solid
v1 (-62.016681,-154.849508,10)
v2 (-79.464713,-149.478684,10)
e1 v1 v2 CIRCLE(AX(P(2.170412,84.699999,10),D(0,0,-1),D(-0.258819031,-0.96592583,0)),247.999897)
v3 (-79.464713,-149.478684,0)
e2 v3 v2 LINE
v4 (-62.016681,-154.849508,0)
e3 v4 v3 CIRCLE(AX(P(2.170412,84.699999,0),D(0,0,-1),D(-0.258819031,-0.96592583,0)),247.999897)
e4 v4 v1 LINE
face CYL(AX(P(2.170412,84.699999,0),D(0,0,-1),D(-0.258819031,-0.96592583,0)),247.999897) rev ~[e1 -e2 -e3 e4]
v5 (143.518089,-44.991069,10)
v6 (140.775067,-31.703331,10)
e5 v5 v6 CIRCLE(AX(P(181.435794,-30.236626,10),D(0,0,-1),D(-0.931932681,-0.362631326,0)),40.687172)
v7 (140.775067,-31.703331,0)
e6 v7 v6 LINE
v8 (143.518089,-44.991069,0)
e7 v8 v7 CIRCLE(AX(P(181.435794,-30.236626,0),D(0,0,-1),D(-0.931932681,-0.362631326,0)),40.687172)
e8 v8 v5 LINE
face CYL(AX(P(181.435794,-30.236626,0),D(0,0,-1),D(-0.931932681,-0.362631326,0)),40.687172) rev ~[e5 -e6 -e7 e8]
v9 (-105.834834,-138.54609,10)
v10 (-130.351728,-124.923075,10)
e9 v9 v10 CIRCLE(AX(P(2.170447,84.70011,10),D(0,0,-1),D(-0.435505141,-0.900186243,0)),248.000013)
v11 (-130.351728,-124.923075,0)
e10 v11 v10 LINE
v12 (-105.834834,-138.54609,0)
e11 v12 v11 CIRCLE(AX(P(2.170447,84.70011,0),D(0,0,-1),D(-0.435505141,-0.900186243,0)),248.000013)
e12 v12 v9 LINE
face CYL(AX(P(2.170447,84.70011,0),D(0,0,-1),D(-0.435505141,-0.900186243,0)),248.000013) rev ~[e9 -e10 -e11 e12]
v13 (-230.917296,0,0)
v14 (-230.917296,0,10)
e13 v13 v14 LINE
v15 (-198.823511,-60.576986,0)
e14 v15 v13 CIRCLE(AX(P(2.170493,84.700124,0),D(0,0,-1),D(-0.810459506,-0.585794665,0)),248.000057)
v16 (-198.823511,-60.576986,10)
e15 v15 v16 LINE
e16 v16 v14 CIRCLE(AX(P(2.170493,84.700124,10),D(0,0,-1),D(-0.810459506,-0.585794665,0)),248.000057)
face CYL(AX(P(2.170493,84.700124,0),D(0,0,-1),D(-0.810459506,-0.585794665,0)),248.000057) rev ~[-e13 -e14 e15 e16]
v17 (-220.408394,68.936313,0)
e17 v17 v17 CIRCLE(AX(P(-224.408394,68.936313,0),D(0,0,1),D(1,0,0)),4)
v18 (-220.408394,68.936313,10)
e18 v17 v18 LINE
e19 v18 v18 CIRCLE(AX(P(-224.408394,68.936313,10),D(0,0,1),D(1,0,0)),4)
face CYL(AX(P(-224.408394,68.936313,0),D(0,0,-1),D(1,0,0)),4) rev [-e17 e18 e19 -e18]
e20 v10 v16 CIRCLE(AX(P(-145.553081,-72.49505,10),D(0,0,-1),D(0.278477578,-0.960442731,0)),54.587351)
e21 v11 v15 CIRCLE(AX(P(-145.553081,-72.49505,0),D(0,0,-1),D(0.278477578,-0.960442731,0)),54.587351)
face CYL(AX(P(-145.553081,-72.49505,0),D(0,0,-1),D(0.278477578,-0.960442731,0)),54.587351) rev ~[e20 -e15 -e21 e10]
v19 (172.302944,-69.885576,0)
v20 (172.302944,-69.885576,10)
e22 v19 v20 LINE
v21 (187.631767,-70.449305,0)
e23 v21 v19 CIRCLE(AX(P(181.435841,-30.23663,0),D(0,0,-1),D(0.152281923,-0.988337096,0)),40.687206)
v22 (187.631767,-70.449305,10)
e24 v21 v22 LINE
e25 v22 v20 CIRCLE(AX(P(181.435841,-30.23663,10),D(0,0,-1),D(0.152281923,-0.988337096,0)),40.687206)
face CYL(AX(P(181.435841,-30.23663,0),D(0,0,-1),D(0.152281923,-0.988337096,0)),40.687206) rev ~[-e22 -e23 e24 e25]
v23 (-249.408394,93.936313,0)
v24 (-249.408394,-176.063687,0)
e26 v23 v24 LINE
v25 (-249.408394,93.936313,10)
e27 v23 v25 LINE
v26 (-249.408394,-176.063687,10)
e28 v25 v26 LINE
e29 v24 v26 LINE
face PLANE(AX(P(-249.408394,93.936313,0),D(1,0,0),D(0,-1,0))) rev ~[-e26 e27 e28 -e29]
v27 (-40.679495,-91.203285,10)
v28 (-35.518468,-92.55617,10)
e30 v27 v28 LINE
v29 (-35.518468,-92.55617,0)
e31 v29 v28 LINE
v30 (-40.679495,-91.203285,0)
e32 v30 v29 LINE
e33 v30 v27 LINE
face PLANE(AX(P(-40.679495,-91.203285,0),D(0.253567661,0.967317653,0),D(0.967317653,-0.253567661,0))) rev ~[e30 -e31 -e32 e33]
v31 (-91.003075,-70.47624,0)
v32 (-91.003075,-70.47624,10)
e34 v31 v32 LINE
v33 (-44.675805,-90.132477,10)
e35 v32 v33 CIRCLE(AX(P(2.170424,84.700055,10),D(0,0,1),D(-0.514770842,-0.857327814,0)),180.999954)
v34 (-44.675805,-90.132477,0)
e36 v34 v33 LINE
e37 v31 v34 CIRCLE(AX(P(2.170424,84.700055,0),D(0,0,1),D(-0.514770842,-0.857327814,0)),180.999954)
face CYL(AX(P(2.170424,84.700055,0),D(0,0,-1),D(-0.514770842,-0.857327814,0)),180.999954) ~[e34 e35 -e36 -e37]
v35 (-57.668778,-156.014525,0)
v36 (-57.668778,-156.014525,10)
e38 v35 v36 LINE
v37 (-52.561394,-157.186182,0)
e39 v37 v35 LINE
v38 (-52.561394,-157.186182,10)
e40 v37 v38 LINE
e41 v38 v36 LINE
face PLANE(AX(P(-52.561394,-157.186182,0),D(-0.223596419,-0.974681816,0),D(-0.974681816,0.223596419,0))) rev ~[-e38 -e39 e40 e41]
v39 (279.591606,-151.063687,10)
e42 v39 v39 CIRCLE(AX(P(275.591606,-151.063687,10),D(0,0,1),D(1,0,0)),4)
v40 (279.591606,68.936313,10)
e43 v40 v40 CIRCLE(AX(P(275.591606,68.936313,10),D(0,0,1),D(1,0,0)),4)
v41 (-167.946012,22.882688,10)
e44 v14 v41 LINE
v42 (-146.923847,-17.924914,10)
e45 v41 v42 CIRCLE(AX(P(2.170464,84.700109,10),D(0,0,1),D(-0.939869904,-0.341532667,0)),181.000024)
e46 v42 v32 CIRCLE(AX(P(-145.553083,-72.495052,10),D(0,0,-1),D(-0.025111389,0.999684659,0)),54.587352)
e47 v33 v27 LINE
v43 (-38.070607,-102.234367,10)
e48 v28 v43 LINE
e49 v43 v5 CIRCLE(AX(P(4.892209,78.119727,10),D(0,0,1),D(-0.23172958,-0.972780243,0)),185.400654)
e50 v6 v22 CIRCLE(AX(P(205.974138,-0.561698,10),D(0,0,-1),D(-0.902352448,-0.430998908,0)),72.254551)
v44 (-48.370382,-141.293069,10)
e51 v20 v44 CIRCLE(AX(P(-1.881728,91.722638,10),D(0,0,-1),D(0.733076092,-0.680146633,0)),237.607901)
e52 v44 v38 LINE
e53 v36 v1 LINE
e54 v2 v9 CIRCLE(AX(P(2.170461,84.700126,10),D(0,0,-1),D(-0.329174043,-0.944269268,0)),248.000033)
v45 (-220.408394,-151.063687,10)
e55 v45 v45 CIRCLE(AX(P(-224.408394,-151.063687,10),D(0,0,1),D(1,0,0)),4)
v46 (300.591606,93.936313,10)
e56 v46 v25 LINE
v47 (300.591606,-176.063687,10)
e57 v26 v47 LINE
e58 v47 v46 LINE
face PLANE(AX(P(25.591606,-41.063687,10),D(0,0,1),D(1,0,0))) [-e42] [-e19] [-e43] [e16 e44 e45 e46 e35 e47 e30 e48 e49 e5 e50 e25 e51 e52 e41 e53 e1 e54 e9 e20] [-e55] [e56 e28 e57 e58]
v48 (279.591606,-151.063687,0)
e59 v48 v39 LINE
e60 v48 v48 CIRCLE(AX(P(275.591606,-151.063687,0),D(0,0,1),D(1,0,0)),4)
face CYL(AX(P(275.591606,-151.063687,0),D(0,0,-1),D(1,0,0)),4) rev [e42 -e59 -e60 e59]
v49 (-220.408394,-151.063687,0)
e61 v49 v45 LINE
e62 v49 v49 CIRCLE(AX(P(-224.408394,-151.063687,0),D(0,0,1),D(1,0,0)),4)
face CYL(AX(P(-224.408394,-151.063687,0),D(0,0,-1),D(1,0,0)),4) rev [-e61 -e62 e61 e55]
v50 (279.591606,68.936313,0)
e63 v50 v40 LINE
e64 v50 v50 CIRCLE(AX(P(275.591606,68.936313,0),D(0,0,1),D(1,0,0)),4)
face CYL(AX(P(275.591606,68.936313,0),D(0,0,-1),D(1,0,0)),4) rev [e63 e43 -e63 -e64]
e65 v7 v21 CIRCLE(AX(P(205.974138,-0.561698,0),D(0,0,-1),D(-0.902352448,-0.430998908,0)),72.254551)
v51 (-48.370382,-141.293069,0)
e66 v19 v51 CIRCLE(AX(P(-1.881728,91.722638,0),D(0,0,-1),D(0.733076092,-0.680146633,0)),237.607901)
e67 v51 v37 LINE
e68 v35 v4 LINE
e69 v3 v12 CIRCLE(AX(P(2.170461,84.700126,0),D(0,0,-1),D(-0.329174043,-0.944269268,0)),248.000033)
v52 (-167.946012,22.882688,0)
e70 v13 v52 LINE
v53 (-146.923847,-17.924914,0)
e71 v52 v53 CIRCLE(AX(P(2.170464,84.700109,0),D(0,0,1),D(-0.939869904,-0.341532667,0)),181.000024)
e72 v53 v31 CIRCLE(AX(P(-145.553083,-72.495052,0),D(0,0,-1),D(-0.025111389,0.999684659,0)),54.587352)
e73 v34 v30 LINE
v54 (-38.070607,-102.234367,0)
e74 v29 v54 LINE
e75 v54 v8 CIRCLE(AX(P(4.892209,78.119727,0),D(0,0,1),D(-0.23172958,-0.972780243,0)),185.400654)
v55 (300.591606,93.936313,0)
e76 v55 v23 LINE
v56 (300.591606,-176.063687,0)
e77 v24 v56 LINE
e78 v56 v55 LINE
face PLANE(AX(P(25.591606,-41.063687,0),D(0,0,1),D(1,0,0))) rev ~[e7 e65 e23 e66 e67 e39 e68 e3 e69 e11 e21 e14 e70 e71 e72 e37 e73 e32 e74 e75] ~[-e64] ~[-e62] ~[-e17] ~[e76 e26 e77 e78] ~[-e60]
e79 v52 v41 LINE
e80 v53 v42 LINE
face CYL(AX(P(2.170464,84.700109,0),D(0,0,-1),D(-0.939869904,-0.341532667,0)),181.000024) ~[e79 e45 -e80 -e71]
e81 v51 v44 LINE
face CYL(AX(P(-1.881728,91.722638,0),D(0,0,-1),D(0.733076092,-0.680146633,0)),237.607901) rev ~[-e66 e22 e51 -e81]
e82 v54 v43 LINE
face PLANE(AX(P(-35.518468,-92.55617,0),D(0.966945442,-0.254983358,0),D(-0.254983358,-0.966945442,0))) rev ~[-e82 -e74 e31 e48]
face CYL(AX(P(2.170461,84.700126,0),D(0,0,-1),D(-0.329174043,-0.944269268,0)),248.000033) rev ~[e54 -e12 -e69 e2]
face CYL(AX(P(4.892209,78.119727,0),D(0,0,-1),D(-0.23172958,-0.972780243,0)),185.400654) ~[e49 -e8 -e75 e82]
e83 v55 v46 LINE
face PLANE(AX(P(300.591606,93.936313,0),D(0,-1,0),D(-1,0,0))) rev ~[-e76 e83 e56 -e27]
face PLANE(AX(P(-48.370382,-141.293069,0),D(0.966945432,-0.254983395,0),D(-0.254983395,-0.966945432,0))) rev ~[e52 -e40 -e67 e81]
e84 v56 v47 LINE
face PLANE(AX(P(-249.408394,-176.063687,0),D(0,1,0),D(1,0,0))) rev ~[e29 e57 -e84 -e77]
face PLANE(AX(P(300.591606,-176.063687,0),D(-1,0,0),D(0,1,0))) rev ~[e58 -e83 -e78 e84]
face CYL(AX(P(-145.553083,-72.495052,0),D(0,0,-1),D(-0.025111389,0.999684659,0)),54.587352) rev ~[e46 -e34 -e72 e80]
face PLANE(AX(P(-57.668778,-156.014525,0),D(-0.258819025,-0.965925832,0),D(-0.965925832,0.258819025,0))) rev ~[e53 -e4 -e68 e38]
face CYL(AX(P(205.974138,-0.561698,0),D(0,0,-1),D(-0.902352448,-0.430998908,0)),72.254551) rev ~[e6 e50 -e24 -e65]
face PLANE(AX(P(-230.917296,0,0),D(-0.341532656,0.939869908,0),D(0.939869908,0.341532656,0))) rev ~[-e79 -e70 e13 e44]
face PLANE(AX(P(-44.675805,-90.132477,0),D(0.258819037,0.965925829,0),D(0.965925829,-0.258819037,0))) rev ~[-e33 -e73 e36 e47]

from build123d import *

# Parameters (mm, degrees)
F0_R     = 4
F1_DEPTH = 10


with BuildPart() as f1:
    # F0 (on Top) → F1 (new body)
    with BuildSketch(Plane.XY):
        Polygon((-224.408394, 93.936313), (-249.408394, 93.936313), (-249.408394, 68.936313), (-249.408394, -176.063687), (275.591606, -176.063687), (300.591606, -176.063687), (300.591606, -151.063687), (300.591606, 68.936313), (300.591606, 93.936313), (275.591606, 93.936313), align=None)
        with Locations((-224.408394, -151.063687)):
            Circle(F0_R, mode=Mode.SUBTRACT)
        with BuildLine():
            ThreePointArc((-198.823511, -60.576986), (-216.973623, -31.402782), (-230.917296, 0))
            Line((-230.917296, 0), (-167.946012, 22.882688))
            ThreePointArc((-167.946012, 22.882688), (-158.733845, 1.809746), (-146.923847, -17.924914))
            ThreePointArc((-146.923847, -17.924914), (-108.171022, -32.716157), (-91.003075, -70.47624))
            ThreePointArc((-91.003075, -70.47624), (-68.525919, -81.922304), (-44.675805, -90.132477))
            Line((-44.675805, -90.132477), (-40.679495, -91.203285))
            Line((-40.679495, -91.203285), (-35.518468, -92.55617))
            Line((-35.518468, -92.55617), (-38.070607, -102.234367))
            ThreePointArc((-38.070607, -102.234367), (60.633165, -98.703203), (143.518089, -44.991069))
            ThreePointArc((143.518089, -44.991069), (141.588793, -38.462345), (140.775067, -31.703331))
            ThreePointArc((140.775067, -31.703331), (252.018744, 55.121462), (187.631767, -70.449305))
            ThreePointArc((187.631767, -70.449305), (179.940549, -70.89635), (172.302944, -69.885576))
            ThreePointArc((172.302944, -69.885576), (71.271028, -134.344142), (-48.370382, -141.293069))
            Line((-48.370382, -141.293069), (-52.561394, -157.186182))
            Line((-52.561394, -157.186182), (-57.668778, -156.014525))
            Line((-57.668778, -156.014525), (-62.016681, -154.849508))
            ThreePointArc((-62.016681, -154.849508), (-70.790134, -152.3247), (-79.464713, -149.478684))
            ThreePointArc((-79.464713, -149.478684), (-92.807206, -144.392125), (-105.834834, -138.54609))
            ThreePointArc((-105.834834, -138.54609), (-118.286022, -132.081452), (-130.351728, -124.923075))
            ThreePointArc((-130.351728, -124.923075), (-182.935142, -112.273945), (-198.823511, -60.576986))
        make_face(mode=Mode.SUBTRACT)
        with Locations((275.591606, -151.063687)):
            Circle(F0_R, mode=Mode.SUBTRACT)
        with Locations((-224.408394, 68.936313)):
            Circle(F0_R, mode=Mode.SUBTRACT)
        with Locations((275.591606, 68.936313)):
            Circle(F0_R, mode=Mode.SUBTRACT)
    extrude(amount=F1_DEPTH)


solid = f1.part
